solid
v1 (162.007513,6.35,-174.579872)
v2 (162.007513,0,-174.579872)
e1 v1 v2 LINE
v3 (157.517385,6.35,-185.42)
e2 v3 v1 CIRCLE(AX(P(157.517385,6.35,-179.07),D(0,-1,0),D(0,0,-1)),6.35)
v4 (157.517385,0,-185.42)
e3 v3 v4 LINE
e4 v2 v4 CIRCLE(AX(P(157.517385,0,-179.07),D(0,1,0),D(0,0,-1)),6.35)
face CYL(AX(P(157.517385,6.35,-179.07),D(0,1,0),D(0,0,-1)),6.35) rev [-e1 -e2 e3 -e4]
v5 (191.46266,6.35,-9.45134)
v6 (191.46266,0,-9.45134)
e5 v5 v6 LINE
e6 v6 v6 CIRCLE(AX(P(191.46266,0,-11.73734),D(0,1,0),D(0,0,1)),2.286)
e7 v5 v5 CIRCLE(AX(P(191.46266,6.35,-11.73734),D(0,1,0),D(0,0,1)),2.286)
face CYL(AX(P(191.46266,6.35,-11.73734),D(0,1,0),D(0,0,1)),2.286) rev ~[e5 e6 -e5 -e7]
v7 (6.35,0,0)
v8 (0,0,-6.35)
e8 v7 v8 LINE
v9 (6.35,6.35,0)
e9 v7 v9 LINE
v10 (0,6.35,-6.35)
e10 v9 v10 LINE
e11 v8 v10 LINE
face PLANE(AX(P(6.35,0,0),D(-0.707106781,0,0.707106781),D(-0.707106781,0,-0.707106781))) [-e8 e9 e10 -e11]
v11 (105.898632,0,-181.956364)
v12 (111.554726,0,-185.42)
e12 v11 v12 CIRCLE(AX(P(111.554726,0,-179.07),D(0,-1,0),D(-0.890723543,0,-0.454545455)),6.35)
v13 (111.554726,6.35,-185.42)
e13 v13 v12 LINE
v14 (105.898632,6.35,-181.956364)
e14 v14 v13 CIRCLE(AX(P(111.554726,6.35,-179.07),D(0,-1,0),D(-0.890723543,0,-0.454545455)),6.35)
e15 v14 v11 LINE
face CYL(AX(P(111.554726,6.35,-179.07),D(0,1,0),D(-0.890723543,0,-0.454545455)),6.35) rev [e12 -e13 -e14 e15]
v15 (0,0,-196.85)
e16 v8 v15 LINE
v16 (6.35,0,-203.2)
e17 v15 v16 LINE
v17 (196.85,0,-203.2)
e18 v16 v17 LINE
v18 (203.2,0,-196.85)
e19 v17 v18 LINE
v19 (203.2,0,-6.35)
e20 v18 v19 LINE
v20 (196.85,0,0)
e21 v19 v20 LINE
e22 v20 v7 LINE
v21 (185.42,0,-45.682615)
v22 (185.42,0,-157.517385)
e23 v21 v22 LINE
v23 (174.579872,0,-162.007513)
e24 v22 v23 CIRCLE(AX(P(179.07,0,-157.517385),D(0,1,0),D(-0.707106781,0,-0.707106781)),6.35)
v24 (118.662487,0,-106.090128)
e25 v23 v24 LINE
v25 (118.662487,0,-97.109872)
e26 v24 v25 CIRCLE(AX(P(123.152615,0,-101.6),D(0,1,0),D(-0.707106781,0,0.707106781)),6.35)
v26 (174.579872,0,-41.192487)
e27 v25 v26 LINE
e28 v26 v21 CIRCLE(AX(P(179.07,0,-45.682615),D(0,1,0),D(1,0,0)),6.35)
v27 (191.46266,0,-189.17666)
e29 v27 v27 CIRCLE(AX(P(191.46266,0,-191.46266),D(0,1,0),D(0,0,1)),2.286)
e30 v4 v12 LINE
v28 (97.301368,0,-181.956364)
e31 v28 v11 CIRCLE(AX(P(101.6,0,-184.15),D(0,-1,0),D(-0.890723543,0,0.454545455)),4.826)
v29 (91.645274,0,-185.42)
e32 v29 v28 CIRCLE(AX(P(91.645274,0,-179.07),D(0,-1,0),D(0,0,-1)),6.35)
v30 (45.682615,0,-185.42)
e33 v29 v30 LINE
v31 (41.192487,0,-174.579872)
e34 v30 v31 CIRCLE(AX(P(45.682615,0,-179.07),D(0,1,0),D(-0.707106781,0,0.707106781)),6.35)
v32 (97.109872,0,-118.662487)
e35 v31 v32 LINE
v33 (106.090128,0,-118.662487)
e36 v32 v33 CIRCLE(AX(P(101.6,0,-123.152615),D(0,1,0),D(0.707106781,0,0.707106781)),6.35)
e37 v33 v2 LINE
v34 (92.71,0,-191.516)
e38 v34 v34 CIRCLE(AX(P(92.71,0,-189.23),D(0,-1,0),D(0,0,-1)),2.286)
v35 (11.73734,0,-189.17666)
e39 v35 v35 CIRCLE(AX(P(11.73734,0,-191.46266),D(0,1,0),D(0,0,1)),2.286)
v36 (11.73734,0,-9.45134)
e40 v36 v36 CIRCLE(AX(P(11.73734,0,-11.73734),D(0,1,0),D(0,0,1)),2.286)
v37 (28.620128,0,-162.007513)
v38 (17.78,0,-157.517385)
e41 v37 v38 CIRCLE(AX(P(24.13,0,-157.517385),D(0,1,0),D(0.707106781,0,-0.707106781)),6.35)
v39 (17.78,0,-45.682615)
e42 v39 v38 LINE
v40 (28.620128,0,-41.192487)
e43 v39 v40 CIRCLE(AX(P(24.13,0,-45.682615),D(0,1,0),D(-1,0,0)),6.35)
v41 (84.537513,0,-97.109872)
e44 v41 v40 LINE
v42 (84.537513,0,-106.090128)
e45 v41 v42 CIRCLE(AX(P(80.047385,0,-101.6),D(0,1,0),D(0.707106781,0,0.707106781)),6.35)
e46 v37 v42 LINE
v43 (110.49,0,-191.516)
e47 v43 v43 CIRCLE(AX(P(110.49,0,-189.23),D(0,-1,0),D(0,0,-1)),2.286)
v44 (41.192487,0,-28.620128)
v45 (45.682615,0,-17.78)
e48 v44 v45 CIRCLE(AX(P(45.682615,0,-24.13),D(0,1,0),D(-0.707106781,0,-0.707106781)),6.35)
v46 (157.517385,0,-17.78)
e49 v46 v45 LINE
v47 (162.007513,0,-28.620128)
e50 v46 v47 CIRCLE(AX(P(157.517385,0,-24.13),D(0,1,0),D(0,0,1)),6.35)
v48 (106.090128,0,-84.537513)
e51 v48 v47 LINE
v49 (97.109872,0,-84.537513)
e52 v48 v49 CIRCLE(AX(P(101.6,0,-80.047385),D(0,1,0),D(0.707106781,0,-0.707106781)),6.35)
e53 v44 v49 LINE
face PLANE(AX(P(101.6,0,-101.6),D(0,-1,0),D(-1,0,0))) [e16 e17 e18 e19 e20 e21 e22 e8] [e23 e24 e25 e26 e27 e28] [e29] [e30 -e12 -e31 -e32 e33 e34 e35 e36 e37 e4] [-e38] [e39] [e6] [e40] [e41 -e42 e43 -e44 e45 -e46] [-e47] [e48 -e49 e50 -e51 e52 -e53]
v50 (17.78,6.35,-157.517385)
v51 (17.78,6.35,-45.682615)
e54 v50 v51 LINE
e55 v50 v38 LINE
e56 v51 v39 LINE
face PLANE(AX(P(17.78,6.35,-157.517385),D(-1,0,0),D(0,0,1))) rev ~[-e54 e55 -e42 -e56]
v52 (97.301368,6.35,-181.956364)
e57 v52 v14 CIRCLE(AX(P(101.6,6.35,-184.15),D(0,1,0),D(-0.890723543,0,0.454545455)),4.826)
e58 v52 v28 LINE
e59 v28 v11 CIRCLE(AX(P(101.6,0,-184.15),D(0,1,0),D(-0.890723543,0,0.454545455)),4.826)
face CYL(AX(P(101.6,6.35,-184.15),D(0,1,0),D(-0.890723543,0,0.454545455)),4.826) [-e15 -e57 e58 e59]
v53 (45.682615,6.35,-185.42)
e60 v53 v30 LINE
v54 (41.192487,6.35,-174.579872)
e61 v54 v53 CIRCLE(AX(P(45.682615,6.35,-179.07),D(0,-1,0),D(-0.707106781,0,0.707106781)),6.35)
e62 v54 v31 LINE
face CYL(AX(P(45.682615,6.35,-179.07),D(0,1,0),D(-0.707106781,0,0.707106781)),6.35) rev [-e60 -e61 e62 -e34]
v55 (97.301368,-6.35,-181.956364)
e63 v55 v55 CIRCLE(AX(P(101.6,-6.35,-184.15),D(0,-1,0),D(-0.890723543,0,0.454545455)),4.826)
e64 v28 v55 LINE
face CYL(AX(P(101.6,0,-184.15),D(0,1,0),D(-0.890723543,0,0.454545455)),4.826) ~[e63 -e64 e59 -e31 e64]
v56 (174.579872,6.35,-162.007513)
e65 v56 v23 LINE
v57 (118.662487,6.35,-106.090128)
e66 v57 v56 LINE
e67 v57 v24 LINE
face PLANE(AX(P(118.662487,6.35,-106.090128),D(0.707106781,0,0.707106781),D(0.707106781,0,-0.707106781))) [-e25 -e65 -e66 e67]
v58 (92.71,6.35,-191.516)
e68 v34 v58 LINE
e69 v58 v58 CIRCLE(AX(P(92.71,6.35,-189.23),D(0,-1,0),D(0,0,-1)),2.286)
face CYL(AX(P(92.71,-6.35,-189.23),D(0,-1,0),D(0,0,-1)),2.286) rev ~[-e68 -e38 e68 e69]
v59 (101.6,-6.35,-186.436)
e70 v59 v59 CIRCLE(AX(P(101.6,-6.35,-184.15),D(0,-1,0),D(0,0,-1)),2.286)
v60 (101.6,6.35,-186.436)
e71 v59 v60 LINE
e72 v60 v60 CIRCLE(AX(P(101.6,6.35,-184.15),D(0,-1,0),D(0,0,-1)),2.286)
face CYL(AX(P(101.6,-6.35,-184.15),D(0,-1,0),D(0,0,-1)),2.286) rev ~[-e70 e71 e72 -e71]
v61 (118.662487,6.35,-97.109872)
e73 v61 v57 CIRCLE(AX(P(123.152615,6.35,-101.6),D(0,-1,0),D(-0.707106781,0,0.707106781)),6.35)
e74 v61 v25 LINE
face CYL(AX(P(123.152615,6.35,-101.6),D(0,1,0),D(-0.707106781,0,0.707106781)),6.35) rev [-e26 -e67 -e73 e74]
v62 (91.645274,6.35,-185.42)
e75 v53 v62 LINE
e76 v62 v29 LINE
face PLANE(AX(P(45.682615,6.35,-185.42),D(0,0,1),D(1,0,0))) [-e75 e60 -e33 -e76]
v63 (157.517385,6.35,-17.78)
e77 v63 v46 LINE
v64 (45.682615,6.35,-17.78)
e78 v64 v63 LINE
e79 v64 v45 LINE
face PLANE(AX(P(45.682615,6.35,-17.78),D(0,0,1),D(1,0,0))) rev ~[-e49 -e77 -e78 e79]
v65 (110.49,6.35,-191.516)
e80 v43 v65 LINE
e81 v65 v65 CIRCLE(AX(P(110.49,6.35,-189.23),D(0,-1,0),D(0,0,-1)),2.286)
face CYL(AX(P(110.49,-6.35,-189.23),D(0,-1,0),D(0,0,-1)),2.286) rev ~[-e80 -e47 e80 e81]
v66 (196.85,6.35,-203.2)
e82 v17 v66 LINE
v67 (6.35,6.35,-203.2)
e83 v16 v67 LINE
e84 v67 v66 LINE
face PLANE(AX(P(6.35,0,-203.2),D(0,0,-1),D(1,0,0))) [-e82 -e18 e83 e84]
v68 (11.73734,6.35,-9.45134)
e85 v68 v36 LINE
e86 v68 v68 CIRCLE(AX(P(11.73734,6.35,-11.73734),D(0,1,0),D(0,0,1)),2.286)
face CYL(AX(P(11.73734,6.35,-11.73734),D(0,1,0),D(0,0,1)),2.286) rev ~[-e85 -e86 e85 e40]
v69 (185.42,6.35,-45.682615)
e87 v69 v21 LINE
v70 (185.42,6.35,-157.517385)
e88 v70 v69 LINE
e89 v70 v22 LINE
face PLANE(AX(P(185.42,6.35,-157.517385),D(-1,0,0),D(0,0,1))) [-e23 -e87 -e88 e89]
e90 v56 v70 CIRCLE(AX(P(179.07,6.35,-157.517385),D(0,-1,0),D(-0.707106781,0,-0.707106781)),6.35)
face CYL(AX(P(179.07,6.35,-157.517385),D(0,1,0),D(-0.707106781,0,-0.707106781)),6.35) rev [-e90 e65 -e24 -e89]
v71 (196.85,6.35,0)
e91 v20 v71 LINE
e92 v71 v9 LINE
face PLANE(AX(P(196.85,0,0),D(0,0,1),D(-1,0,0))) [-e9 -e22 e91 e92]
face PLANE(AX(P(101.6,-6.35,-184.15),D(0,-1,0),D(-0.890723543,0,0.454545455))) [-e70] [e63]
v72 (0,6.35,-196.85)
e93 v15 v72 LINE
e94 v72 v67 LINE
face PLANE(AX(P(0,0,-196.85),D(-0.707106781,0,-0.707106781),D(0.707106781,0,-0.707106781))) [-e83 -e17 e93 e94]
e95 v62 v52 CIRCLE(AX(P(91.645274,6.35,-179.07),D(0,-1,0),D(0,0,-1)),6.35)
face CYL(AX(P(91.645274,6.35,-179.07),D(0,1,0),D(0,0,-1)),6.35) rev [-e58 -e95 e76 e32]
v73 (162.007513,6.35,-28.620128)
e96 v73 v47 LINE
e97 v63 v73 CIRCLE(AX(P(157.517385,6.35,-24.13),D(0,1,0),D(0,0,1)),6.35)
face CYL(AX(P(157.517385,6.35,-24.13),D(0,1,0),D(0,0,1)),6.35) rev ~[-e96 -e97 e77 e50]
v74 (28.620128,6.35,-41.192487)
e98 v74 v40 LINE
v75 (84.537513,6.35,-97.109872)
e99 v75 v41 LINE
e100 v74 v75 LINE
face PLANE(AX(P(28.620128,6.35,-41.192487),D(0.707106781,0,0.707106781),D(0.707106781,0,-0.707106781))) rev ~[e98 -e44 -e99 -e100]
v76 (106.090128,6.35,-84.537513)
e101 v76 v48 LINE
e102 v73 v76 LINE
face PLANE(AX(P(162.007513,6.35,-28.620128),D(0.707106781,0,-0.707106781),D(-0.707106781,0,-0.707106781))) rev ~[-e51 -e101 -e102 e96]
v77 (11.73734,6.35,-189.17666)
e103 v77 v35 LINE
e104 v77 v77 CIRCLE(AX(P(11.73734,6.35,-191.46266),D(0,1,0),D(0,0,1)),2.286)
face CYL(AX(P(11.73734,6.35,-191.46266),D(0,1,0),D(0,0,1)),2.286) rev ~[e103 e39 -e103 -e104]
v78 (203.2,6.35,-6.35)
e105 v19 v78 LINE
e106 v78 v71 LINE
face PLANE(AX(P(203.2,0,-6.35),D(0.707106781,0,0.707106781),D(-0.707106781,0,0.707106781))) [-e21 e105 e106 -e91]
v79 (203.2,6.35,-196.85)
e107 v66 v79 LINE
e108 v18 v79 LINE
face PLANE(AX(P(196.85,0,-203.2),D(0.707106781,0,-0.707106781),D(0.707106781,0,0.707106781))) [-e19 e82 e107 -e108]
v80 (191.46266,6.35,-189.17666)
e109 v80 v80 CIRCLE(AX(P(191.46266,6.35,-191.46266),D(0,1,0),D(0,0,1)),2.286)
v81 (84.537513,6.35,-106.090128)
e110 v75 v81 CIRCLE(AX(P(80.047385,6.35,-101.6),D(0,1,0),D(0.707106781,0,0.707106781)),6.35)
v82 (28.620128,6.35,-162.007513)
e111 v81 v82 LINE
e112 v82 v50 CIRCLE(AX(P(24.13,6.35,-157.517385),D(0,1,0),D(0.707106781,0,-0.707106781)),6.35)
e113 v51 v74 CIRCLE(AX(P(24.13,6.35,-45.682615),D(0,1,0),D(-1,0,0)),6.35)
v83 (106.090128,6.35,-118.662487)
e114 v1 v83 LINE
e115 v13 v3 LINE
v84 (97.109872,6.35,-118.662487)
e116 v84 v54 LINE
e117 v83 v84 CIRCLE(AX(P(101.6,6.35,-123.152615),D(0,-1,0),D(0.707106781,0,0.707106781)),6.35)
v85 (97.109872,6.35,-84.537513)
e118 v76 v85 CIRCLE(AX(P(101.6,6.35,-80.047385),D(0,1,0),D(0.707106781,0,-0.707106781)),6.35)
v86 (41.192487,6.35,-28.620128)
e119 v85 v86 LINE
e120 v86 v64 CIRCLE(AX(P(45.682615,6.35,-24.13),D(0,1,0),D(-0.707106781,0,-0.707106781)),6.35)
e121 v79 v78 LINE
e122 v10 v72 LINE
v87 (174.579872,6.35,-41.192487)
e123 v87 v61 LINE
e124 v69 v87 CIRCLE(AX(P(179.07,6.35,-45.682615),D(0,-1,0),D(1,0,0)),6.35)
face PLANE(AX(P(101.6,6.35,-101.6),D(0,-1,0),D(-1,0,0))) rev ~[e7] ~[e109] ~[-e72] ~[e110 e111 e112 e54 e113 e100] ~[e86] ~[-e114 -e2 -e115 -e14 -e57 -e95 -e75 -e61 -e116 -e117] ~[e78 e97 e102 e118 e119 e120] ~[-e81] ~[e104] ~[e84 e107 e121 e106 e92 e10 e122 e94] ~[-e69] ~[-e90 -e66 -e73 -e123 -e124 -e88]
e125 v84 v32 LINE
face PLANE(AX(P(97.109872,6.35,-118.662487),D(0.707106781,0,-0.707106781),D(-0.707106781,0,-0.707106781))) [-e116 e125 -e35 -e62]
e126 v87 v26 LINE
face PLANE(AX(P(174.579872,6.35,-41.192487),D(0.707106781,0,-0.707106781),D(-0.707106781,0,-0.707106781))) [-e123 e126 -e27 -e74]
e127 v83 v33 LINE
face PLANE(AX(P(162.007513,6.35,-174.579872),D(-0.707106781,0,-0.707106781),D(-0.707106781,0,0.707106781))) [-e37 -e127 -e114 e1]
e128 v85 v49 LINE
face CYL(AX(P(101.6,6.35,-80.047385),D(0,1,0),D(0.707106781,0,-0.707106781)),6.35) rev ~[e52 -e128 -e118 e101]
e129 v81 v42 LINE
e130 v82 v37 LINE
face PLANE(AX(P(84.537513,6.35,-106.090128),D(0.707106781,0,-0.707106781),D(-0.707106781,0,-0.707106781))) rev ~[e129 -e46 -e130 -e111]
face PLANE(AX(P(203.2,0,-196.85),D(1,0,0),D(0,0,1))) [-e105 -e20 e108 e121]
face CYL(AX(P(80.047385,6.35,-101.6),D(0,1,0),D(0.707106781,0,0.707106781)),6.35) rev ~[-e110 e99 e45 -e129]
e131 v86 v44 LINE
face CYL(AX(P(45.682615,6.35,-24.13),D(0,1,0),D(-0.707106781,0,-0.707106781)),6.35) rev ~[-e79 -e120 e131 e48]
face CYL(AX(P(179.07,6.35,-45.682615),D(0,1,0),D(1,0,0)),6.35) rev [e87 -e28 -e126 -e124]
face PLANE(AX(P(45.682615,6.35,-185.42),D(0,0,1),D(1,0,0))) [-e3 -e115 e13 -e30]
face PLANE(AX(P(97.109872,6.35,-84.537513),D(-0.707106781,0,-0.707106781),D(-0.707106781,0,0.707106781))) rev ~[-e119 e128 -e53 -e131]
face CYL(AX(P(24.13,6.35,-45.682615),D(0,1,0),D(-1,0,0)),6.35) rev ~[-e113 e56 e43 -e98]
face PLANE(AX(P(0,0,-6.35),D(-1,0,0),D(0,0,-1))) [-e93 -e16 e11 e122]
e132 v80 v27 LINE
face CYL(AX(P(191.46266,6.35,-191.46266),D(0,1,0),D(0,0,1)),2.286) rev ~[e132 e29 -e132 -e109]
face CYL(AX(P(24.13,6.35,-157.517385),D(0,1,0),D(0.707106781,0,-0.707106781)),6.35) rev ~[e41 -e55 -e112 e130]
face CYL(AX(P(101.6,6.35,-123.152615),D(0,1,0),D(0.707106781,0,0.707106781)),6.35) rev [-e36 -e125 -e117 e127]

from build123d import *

# Parameters (mm, degrees)
BOSS_EXTRUDE1_DEPTH = 6.35
CUT_EXTRUDE1_DEPTH  = 288.438345563
SKETCH3_R           = 2.286
CUT_EXTRUDE2_DEPTH  = 288.438345563
BOSS_EXTRUDE2_DEPTH = 6.35
SKETCH5_R           = 4.826
BOSS_EXTRUDE3_DEPTH = 6.35
SKETCH6_R           = 2.286
CUT_EXTRUDE3_DEPTH  = 288.648691984


with BuildPart() as part:
    # Sketch1 → Boss-Extrude1 (new body)
    with BuildSketch(Plane(origin=(0, 0, 0), x_dir=(1, 0, 0), z_dir=(0, 1, 0))):
        Polygon((0, 196.85), (6.35, 203.2), (196.85, 203.2), (203.2, 196.85), (203.2, 6.35), (196.85, 0), (6.35, 0), (0, 6.35), align=None)
    extrude(amount=BOSS_EXTRUDE1_DEPTH)

    # Sketch2 → Cut-Extrude1 (cut, through all)
    with BuildSketch(Plane(origin=(0, 6.35, 0), x_dir=(1, 0, 0), z_dir=(0, 1, 0))):
        with BuildLine():
            Line((45.682614691, 185.42), (157.517385309, 185.42))
            ThreePointArc((157.517385309, 185.42), (163.384020341, 181.500039796), (162.00751337, 174.579871939))
            Line((162.00751337, 174.579871939), (106.090128061, 118.66248663))
            ThreePointArc((106.090128061, 118.66248663), (101.6, 116.802614691), (97.109871939, 118.66248663))
            Line((97.109871939, 118.66248663), (41.19248663, 174.579871939))
            ThreePointArc((41.19248663, 174.579871939), (39.815979659, 181.500039796), (45.682614691, 185.42))
        make_face()
        with BuildLine():
            Line((17.78, 157.517385309), (17.78, 45.682614691))
            ThreePointArc((17.78, 45.682614691), (21.699960204, 39.815979659), (28.620128061, 41.19248663))
            Line((28.620128061, 41.19248663), (84.53751337, 97.109871939))
            ThreePointArc((84.53751337, 97.109871939), (86.397385309, 101.6), (84.53751337, 106.090128061))
            Line((84.53751337, 106.090128061), (28.620128061, 162.00751337))
            ThreePointArc((28.620128061, 162.00751337), (21.699960204, 163.384020341), (17.78, 157.517385309))
        make_face()
        with BuildLine():
            Line((45.682614691, 17.78), (157.517385309, 17.78))
            ThreePointArc((157.517385309, 17.78), (163.384020341, 21.699960204), (162.00751337, 28.620128061))
            Line((162.00751337, 28.620128061), (106.090128061, 84.53751337))
            ThreePointArc((106.090128061, 84.53751337), (101.6, 86.397385309), (97.109871939, 84.53751337))
            Line((97.109871939, 84.53751337), (41.19248663, 28.620128061))
            ThreePointArc((41.19248663, 28.620128061), (39.815979659, 21.699960204), (45.682614691, 17.78))
        make_face()
        with BuildLine():
            Line((185.42, 157.517385309), (185.42, 45.682614691))
            ThreePointArc((185.42, 45.682614691), (181.500039796, 39.815979659), (174.579871939, 41.19248663))
            Line((174.579871939, 41.19248663), (118.66248663, 97.109871939))
            ThreePointArc((118.66248663, 97.109871939), (116.802614691, 101.6), (118.66248663, 106.090128061))
            Line((118.66248663, 106.090128061), (174.579871939, 162.00751337))
            ThreePointArc((174.579871939, 162.00751337), (181.500039796, 163.384020341), (185.42, 157.517385309))
        make_face()
    extrude(amount=-CUT_EXTRUDE1_DEPTH, mode=Mode.SUBTRACT)

    # Sketch3 → Cut-Extrude2 (cut, through all)
    with BuildSketch(Plane(origin=(0, 6.35, 0), x_dir=(1, 0, 0), z_dir=(0, 1, 0))):
        with Locations(Location((11.73734, 11.73734, 0), (0, 0, 270))):
            Circle(SKETCH3_R)
        with Locations(Location((191.46266, 11.73734, 0), (0, 0, 270))):
            Circle(SKETCH3_R)
        with Locations(Location((191.46266, 191.46266, 0), (0, 0, 270))):
            Circle(SKETCH3_R)
        with Locations(Location((11.73734, 191.46266, 0), (0, 0, 270))):
            Circle(SKETCH3_R)
    extrude(amount=-CUT_EXTRUDE2_DEPTH, mode=Mode.SUBTRACT)

    # Sketch4 → Boss-Extrude2 (add)
    with BuildSketch(Plane(origin=(0, 6.35, 0), x_dir=(1, 0, 0), z_dir=(0, 1, 0))):
        with BuildLine():
            Line((111.554726315, 185.42), (91.645273685, 185.42))
            ThreePointArc((91.645273685, 185.42), (94.961453031, 184.485298195), (97.301368182, 181.956363636))
            ThreePointArc((97.301368182, 181.956363636), (101.6, 179.324), (105.898631818, 181.956363636))
            ThreePointArc((105.898631818, 181.956363636), (108.238546969, 184.485298195), (111.554726315, 185.42))
        make_face()
    extrude(amount=-BOSS_EXTRUDE2_DEPTH)

    # Sketch5 → Boss-Extrude3 (add)
    with BuildSketch(Plane.XZ):
        with Locations(Location((101.6, -184.15, 0), (0, 0, 152.964308211))):
            Circle(SKETCH5_R)
    extrude(amount=BOSS_EXTRUDE3_DEPTH)

    # Sketch6 → Cut-Extrude3 (cut, through all)
    with BuildSketch(Plane.XZ.offset(6.35)):
        with Locations(Location((101.6, -184.15, 0), (0, 0, 270))):
            Circle(SKETCH6_R)
        with Locations(Location((92.71, -189.23, 0), (0, 0, 270))):
            Circle(SKETCH6_R)
        with Locations(Location((110.49, -189.23, 0), (0, 0, 270))):
            Circle(SKETCH6_R)
    extrude(amount=-CUT_EXTRUDE3_DEPTH, mode=Mode.SUBTRACT)


solid = part.part
